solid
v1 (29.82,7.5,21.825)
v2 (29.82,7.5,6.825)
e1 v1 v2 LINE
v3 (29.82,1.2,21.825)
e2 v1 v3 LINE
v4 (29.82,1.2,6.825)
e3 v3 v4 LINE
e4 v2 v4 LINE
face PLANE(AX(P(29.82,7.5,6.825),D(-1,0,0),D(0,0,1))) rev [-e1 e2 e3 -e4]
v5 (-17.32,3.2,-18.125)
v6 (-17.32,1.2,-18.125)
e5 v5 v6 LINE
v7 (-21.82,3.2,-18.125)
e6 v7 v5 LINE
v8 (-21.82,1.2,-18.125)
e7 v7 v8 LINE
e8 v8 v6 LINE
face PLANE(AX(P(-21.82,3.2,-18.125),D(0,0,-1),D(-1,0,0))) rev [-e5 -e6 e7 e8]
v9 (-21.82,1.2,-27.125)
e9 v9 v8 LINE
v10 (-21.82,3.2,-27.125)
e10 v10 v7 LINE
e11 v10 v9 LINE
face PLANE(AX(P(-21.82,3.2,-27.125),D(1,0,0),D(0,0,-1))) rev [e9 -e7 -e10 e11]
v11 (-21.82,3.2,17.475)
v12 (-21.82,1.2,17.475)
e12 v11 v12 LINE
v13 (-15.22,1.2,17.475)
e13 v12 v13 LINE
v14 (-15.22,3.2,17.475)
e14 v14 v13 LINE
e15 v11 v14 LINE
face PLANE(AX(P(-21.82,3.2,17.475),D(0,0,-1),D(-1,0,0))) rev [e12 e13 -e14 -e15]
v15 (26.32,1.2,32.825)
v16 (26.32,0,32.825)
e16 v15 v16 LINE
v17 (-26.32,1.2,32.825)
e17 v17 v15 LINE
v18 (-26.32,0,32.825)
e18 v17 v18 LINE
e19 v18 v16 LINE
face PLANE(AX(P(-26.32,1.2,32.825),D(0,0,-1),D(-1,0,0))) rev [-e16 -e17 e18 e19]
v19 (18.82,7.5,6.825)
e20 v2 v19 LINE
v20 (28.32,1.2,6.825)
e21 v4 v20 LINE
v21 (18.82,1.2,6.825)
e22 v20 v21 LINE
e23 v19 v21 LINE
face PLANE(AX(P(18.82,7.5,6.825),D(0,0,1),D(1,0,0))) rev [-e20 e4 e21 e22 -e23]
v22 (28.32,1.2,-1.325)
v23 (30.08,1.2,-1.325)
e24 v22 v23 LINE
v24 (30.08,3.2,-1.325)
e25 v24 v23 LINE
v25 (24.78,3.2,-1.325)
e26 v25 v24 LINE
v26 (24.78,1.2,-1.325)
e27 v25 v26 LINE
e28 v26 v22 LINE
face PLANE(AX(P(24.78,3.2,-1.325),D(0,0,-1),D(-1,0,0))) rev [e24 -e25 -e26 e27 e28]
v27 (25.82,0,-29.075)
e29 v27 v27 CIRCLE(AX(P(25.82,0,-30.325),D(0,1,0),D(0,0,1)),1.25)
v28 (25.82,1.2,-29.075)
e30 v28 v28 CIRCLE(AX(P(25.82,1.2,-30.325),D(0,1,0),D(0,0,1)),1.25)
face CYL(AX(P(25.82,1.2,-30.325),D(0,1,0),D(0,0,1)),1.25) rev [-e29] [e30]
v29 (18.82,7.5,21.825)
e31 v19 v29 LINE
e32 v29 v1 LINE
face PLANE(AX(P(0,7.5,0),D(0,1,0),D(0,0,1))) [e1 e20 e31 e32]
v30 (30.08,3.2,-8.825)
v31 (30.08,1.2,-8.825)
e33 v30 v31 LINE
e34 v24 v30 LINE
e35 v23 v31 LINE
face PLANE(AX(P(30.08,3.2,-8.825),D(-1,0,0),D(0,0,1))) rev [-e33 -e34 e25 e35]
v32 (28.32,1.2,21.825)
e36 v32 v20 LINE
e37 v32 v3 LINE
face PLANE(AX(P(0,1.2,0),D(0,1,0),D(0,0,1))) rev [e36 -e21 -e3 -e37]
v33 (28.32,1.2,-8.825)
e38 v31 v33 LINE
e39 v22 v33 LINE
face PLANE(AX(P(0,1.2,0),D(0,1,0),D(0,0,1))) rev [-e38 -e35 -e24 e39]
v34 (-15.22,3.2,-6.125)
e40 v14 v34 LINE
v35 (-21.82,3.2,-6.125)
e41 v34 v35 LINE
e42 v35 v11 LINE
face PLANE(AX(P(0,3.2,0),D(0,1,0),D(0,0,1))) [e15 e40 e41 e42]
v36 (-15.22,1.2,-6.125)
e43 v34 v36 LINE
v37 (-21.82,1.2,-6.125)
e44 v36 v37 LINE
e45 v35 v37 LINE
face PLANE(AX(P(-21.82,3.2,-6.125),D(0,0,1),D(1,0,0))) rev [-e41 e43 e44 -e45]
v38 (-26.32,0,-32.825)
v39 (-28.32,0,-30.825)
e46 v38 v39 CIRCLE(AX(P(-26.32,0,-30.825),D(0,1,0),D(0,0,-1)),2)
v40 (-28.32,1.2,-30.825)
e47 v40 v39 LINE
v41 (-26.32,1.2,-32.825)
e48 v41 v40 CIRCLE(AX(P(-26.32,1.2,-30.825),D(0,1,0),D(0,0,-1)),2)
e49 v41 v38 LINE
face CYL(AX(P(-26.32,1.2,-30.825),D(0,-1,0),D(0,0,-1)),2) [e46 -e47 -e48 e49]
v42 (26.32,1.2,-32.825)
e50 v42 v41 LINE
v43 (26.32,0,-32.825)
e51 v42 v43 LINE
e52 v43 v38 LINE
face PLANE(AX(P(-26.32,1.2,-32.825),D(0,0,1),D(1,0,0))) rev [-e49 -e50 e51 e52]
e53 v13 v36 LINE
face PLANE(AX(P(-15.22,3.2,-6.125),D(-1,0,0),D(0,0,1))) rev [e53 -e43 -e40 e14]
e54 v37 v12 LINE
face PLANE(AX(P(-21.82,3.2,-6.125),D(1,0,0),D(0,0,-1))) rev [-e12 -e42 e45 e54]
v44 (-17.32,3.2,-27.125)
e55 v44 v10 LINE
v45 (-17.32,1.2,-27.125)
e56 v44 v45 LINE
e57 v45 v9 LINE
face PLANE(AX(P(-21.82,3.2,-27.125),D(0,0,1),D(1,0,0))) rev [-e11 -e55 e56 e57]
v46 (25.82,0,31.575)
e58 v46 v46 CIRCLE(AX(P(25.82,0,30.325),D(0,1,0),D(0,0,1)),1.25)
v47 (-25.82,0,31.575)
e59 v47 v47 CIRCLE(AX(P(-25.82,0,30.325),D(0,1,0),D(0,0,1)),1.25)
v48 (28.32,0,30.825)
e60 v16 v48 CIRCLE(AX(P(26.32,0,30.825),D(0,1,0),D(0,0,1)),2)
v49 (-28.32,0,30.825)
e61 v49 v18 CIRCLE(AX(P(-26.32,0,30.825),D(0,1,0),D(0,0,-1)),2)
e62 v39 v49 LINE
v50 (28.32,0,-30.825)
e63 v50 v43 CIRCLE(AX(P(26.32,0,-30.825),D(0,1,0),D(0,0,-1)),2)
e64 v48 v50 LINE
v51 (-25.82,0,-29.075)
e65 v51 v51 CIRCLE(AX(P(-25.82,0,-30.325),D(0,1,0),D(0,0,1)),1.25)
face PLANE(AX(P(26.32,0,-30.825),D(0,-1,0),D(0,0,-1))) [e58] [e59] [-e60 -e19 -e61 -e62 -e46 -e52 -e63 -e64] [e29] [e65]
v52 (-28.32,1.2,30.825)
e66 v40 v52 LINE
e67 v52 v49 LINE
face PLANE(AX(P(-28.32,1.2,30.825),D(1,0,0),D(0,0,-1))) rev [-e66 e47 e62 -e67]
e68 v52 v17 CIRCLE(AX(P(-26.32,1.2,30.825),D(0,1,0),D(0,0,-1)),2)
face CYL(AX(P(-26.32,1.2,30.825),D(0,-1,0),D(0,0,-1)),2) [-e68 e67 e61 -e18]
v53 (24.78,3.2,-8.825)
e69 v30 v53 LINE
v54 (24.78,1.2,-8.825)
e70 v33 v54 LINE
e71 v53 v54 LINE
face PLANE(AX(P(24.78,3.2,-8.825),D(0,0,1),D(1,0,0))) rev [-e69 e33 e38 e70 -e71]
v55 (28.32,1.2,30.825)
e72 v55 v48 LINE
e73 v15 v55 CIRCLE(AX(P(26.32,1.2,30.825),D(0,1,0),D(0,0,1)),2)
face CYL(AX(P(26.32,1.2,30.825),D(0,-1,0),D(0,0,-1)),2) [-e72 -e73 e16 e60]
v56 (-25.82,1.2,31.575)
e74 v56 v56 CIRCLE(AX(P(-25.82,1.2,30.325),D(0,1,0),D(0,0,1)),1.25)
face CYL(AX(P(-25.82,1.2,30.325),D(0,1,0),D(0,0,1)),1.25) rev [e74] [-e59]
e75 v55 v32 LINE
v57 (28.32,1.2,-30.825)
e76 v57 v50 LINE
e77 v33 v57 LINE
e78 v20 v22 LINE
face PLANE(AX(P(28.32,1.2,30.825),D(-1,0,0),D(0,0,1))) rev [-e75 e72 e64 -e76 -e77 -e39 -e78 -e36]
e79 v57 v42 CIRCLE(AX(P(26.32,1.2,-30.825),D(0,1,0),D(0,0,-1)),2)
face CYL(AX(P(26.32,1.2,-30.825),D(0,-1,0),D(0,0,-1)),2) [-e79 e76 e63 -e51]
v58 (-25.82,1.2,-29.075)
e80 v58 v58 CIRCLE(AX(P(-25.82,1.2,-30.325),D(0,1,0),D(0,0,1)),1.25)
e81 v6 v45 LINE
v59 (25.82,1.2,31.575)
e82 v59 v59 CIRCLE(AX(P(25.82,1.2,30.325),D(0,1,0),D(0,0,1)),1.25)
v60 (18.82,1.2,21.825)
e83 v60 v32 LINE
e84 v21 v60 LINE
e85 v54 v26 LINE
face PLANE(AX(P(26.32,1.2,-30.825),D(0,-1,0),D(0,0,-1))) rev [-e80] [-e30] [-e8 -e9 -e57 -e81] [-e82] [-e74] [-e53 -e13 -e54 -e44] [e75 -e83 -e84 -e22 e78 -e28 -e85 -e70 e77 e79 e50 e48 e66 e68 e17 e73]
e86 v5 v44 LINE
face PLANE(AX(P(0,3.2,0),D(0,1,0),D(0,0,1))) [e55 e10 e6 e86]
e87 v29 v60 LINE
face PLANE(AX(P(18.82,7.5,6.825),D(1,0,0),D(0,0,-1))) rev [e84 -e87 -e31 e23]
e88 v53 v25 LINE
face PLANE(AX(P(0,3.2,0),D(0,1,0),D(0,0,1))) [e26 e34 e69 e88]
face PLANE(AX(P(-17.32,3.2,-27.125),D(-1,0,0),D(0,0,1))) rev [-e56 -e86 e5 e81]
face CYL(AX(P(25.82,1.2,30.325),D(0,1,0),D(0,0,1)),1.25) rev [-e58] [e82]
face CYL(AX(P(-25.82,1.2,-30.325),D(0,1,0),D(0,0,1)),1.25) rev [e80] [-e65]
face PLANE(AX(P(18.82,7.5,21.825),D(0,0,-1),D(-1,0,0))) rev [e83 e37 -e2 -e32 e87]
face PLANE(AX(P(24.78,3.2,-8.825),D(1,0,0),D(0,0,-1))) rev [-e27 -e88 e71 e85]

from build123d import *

# Parameters (mm, degrees)
EXTRUDE_1_DEPTH = 1.2
MM_1_D          = 2.5
SKETCH_4_W      = 6.6
SKETCH_4_H      = 23.6
SKETCH_4_W_2    = 4.5
SKETCH_4_H_2    = 9
SKETCH_4_W_3    = 5.3
SKETCH_4_H_3    = 7.5
EXTRUDE_2_DEPTH = 2
SKETCH_5_W      = 11
SKETCH_5_H      = 15
EXTRUDE_3_DEPTH = 6.3


with BuildPart() as part:
    # 草图1 → 凸台-拉伸1 (new body)
    with BuildSketch(Plane(origin=(0, 0, 0), x_dir=(1, 0, 0), z_dir=(0, 1, 0))):
        with BuildLine():
            Line((-26.32, -32.825), (26.32, -32.825))
            ThreePointArc((26.32, -32.825), (27.734213562, -32.239213562), (28.32, -30.825))
            Line((28.32, -30.825), (28.32, 30.825))
            ThreePointArc((28.32, 30.825), (27.734213562, 32.239213562), (26.32, 32.825))
            Line((26.32, 32.825), (-26.32, 32.825))
            ThreePointArc((-26.32, 32.825), (-27.734213562, 32.239213562), (-28.32, 30.825))
            Line((-28.32, 30.825), (-28.32, -30.825))
            ThreePointArc((-28.32, -30.825), (-27.734213562, -32.239213562), (-26.32, -32.825))
        make_face()
    extrude(amount=EXTRUDE_1_DEPTH)

    # 大小mm 暗销孔1 (through all)
    with Locations(Plane(origin=(0, 1.2, 0), x_dir=(1, 0, 0), z_dir=(0, 1, 0))):
        with Locations((-25.82, 30.325), (-25.82, -30.325), (25.82, -30.325), (25.82, 30.325)):
            Hole(MM_1_D / 2)

    # 草图4 → 凸台-拉伸2 (add)
    with BuildSketch(Plane(origin=(0, 1.2, 0), x_dir=(1, 0, 0), z_dir=(0, 1, 0))):
        with Locations((-18.52, -5.675)):
            Rectangle(SKETCH_4_W, SKETCH_4_H)
        with Locations((-19.57, 22.625)):
            Rectangle(SKETCH_4_W_2, SKETCH_4_H_2)
        with Locations((27.43, 5.075)):
            Rectangle(SKETCH_4_W_3, SKETCH_4_H_3)
    extrude(amount=EXTRUDE_2_DEPTH)

    # 草图5 → 凸台-拉伸3 (add)
    with BuildSketch(Plane(origin=(0, 1.2, 0), x_dir=(1, 0, 0), z_dir=(0, 1, 0))):
        with Locations((24.32, -14.325)):
            Rectangle(SKETCH_5_W, SKETCH_5_H)
    extrude(amount=EXTRUDE_3_DEPTH)


solid = part.part
